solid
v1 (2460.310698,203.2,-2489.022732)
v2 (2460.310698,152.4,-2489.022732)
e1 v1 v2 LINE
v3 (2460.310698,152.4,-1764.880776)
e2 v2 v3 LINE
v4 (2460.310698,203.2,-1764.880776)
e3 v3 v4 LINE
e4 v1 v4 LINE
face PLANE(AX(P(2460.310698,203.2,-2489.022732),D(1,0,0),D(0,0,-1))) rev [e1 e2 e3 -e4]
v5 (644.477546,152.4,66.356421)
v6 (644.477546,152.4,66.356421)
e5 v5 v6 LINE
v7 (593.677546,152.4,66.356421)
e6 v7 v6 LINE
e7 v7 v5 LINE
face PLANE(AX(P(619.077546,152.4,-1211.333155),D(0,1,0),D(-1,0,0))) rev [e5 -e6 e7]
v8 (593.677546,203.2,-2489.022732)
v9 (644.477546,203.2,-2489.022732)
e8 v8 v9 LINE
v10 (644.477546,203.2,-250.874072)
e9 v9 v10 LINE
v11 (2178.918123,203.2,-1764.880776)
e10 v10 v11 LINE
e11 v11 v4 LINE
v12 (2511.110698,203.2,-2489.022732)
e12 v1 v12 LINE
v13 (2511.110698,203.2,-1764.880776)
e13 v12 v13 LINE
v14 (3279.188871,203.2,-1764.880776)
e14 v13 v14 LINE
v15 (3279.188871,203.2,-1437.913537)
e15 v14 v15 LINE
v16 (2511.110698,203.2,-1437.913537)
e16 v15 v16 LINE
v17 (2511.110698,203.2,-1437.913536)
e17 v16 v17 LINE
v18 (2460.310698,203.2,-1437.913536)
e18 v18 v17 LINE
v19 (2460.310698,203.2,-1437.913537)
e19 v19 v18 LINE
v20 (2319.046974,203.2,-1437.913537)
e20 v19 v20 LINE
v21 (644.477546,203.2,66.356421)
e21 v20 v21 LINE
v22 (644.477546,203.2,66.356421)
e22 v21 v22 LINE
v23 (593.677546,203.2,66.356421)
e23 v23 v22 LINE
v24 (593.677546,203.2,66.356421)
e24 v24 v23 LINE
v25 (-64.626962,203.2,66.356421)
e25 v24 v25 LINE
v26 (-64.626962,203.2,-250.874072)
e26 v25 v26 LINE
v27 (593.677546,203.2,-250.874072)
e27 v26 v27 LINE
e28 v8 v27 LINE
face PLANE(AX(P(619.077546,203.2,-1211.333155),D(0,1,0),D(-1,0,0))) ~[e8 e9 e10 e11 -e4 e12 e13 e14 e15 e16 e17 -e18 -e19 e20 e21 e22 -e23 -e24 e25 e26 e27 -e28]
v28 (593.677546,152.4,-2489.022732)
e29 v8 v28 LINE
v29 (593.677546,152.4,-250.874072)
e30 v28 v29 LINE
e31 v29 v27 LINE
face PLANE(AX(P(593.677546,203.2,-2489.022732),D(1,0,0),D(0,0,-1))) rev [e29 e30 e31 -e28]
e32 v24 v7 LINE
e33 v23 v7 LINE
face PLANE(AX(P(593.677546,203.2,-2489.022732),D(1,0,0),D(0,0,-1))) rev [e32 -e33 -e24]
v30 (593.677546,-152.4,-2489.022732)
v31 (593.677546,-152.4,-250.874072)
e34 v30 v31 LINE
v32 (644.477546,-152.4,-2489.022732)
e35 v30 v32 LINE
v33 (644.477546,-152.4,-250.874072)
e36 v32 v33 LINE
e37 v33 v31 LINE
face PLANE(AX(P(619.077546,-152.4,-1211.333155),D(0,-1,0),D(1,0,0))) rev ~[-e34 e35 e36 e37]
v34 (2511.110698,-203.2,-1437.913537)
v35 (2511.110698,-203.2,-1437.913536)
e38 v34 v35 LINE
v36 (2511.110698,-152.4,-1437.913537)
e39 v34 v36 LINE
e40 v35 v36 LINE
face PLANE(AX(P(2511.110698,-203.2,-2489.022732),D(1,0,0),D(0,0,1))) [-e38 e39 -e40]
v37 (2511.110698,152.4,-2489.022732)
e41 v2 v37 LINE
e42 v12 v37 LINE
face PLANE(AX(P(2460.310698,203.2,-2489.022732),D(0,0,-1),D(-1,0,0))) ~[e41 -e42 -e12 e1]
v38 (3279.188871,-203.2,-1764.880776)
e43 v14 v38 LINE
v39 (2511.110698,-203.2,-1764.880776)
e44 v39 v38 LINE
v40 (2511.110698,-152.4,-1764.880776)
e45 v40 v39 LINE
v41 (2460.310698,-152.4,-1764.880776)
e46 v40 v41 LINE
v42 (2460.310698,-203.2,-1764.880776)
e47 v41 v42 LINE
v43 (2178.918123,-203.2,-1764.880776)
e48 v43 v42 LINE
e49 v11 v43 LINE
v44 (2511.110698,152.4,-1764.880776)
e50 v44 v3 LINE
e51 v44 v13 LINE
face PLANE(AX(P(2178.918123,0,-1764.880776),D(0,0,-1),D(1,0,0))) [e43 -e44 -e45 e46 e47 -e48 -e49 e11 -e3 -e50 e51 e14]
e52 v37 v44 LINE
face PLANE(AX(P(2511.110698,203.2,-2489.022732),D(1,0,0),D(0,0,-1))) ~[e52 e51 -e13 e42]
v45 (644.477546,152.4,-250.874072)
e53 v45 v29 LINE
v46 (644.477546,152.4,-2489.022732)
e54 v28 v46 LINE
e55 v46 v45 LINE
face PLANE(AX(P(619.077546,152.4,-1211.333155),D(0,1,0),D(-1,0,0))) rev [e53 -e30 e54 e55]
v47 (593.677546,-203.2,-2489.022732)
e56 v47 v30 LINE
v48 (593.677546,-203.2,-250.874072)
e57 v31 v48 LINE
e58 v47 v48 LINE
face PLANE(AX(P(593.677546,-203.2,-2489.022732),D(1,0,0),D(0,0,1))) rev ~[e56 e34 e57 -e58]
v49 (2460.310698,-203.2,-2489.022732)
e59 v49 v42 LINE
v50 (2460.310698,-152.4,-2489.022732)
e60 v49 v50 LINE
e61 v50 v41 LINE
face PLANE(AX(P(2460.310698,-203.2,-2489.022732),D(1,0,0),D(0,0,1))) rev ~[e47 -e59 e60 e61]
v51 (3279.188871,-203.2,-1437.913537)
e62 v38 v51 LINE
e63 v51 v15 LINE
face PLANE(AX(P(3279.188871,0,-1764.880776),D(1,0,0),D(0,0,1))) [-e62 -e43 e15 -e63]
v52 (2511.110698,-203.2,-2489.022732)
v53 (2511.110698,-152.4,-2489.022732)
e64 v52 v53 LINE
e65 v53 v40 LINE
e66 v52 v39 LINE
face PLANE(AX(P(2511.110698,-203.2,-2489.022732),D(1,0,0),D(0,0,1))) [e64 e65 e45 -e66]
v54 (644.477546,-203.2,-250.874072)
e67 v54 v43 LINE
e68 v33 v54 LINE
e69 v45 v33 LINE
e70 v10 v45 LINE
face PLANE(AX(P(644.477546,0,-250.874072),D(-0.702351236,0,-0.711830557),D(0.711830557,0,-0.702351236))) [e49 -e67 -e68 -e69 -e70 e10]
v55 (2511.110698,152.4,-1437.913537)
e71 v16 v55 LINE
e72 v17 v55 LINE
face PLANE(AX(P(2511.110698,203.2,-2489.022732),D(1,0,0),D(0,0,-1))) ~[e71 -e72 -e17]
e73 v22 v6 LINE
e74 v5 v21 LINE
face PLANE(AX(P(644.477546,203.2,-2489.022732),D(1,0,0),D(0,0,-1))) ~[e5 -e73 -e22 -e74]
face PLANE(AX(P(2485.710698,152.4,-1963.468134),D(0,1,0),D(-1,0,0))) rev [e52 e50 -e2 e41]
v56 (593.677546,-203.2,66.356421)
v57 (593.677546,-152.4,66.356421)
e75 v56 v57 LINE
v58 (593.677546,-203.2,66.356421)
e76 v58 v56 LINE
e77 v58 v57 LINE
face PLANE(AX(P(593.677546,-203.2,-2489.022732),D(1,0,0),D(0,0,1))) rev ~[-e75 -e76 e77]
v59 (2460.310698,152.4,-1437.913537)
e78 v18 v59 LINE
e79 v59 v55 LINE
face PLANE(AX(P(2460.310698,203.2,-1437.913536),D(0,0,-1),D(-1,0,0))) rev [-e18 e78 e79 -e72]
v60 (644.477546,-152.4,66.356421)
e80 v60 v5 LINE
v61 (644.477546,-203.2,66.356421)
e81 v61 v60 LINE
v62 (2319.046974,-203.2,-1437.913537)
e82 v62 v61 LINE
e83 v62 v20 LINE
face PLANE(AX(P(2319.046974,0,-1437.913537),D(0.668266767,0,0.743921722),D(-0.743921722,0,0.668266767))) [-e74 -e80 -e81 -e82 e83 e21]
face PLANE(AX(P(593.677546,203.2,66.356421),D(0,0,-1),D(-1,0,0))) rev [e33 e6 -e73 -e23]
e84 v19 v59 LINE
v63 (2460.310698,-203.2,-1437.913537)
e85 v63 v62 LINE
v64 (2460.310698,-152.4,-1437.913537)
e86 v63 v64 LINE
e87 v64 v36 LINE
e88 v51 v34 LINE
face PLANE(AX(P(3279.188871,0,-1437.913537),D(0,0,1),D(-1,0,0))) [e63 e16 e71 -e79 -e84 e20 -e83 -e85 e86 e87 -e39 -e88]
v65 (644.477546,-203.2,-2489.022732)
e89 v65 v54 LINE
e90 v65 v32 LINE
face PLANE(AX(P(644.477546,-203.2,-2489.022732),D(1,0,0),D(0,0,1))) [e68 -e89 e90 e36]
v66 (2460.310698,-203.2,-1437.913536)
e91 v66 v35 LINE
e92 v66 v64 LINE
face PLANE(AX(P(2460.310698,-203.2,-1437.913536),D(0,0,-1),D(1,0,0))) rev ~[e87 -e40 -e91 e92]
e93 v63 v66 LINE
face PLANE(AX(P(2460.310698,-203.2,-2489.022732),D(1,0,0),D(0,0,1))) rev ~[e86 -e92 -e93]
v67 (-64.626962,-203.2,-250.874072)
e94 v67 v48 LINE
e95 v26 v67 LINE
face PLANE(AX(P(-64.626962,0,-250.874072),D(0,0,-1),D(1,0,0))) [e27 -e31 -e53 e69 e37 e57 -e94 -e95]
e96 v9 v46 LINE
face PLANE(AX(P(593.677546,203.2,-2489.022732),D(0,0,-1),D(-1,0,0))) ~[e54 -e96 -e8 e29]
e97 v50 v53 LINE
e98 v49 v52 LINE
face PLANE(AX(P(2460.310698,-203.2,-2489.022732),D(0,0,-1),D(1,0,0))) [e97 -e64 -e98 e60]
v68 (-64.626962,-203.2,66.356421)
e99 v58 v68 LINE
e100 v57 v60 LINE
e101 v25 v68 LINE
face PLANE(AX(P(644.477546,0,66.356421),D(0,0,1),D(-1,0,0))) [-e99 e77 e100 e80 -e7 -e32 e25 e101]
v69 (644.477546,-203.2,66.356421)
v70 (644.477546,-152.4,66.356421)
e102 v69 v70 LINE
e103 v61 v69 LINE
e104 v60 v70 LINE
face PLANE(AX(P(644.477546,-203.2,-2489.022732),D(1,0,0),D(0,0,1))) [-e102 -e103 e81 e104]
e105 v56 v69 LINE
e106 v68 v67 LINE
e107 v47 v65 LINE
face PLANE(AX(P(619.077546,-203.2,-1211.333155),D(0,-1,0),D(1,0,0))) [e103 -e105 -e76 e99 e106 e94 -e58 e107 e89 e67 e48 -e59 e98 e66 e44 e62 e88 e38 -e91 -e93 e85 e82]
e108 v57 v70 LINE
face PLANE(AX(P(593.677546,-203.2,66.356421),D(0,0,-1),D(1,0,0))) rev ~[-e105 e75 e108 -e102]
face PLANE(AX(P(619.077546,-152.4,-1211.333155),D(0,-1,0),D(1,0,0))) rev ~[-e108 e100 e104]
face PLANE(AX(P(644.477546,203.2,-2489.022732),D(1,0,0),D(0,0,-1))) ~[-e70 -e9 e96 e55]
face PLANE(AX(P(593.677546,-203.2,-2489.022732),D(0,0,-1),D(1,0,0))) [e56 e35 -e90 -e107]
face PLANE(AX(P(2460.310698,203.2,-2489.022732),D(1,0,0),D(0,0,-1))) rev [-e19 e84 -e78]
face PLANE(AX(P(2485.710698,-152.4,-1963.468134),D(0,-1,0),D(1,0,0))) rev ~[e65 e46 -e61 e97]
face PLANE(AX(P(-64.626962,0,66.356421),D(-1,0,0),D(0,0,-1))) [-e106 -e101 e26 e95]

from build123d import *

# Parameters (mm, degrees)
F1_DEPTH = 203.2
F2_W     = 50.8
F2_H     = 2555.379153
F2_H_2   = 1051.109195
F3_DEPTH = 50.8


with BuildPart() as f1:
    # F0 (on Front) → F1 (new body, symmetric)
    with BuildSketch(Plane.XZ):
        Polygon((644.477546, 66.356421), (-64.626962, 66.356421), (-64.626962, -250.874072), (644.477546, -250.874072), (2178.918123, -1764.880776), (3279.188871, -1764.880776), (3279.188871, -1437.913537), (2319.046974, -1437.913537), align=None)
    extrude(amount=F1_DEPTH, both=True)

    # F2 (on face) → F3 (join)
    with BuildSketch(Plane.XZ.offset(203.2)):
        with Locations((619.077546, -1211.333155)):
            Rectangle(F2_W, F2_H)
        with Locations((2485.710698, -1963.468134)):
            Rectangle(F2_W, F2_H_2)
    extrude(amount=-F3_DEPTH)

    # F4: F1 across plane


with BuildPart() as f1_1:
    add(f1.part)
    add(f1.part.mirror(Plane.XZ))


solid = f1_1.part
